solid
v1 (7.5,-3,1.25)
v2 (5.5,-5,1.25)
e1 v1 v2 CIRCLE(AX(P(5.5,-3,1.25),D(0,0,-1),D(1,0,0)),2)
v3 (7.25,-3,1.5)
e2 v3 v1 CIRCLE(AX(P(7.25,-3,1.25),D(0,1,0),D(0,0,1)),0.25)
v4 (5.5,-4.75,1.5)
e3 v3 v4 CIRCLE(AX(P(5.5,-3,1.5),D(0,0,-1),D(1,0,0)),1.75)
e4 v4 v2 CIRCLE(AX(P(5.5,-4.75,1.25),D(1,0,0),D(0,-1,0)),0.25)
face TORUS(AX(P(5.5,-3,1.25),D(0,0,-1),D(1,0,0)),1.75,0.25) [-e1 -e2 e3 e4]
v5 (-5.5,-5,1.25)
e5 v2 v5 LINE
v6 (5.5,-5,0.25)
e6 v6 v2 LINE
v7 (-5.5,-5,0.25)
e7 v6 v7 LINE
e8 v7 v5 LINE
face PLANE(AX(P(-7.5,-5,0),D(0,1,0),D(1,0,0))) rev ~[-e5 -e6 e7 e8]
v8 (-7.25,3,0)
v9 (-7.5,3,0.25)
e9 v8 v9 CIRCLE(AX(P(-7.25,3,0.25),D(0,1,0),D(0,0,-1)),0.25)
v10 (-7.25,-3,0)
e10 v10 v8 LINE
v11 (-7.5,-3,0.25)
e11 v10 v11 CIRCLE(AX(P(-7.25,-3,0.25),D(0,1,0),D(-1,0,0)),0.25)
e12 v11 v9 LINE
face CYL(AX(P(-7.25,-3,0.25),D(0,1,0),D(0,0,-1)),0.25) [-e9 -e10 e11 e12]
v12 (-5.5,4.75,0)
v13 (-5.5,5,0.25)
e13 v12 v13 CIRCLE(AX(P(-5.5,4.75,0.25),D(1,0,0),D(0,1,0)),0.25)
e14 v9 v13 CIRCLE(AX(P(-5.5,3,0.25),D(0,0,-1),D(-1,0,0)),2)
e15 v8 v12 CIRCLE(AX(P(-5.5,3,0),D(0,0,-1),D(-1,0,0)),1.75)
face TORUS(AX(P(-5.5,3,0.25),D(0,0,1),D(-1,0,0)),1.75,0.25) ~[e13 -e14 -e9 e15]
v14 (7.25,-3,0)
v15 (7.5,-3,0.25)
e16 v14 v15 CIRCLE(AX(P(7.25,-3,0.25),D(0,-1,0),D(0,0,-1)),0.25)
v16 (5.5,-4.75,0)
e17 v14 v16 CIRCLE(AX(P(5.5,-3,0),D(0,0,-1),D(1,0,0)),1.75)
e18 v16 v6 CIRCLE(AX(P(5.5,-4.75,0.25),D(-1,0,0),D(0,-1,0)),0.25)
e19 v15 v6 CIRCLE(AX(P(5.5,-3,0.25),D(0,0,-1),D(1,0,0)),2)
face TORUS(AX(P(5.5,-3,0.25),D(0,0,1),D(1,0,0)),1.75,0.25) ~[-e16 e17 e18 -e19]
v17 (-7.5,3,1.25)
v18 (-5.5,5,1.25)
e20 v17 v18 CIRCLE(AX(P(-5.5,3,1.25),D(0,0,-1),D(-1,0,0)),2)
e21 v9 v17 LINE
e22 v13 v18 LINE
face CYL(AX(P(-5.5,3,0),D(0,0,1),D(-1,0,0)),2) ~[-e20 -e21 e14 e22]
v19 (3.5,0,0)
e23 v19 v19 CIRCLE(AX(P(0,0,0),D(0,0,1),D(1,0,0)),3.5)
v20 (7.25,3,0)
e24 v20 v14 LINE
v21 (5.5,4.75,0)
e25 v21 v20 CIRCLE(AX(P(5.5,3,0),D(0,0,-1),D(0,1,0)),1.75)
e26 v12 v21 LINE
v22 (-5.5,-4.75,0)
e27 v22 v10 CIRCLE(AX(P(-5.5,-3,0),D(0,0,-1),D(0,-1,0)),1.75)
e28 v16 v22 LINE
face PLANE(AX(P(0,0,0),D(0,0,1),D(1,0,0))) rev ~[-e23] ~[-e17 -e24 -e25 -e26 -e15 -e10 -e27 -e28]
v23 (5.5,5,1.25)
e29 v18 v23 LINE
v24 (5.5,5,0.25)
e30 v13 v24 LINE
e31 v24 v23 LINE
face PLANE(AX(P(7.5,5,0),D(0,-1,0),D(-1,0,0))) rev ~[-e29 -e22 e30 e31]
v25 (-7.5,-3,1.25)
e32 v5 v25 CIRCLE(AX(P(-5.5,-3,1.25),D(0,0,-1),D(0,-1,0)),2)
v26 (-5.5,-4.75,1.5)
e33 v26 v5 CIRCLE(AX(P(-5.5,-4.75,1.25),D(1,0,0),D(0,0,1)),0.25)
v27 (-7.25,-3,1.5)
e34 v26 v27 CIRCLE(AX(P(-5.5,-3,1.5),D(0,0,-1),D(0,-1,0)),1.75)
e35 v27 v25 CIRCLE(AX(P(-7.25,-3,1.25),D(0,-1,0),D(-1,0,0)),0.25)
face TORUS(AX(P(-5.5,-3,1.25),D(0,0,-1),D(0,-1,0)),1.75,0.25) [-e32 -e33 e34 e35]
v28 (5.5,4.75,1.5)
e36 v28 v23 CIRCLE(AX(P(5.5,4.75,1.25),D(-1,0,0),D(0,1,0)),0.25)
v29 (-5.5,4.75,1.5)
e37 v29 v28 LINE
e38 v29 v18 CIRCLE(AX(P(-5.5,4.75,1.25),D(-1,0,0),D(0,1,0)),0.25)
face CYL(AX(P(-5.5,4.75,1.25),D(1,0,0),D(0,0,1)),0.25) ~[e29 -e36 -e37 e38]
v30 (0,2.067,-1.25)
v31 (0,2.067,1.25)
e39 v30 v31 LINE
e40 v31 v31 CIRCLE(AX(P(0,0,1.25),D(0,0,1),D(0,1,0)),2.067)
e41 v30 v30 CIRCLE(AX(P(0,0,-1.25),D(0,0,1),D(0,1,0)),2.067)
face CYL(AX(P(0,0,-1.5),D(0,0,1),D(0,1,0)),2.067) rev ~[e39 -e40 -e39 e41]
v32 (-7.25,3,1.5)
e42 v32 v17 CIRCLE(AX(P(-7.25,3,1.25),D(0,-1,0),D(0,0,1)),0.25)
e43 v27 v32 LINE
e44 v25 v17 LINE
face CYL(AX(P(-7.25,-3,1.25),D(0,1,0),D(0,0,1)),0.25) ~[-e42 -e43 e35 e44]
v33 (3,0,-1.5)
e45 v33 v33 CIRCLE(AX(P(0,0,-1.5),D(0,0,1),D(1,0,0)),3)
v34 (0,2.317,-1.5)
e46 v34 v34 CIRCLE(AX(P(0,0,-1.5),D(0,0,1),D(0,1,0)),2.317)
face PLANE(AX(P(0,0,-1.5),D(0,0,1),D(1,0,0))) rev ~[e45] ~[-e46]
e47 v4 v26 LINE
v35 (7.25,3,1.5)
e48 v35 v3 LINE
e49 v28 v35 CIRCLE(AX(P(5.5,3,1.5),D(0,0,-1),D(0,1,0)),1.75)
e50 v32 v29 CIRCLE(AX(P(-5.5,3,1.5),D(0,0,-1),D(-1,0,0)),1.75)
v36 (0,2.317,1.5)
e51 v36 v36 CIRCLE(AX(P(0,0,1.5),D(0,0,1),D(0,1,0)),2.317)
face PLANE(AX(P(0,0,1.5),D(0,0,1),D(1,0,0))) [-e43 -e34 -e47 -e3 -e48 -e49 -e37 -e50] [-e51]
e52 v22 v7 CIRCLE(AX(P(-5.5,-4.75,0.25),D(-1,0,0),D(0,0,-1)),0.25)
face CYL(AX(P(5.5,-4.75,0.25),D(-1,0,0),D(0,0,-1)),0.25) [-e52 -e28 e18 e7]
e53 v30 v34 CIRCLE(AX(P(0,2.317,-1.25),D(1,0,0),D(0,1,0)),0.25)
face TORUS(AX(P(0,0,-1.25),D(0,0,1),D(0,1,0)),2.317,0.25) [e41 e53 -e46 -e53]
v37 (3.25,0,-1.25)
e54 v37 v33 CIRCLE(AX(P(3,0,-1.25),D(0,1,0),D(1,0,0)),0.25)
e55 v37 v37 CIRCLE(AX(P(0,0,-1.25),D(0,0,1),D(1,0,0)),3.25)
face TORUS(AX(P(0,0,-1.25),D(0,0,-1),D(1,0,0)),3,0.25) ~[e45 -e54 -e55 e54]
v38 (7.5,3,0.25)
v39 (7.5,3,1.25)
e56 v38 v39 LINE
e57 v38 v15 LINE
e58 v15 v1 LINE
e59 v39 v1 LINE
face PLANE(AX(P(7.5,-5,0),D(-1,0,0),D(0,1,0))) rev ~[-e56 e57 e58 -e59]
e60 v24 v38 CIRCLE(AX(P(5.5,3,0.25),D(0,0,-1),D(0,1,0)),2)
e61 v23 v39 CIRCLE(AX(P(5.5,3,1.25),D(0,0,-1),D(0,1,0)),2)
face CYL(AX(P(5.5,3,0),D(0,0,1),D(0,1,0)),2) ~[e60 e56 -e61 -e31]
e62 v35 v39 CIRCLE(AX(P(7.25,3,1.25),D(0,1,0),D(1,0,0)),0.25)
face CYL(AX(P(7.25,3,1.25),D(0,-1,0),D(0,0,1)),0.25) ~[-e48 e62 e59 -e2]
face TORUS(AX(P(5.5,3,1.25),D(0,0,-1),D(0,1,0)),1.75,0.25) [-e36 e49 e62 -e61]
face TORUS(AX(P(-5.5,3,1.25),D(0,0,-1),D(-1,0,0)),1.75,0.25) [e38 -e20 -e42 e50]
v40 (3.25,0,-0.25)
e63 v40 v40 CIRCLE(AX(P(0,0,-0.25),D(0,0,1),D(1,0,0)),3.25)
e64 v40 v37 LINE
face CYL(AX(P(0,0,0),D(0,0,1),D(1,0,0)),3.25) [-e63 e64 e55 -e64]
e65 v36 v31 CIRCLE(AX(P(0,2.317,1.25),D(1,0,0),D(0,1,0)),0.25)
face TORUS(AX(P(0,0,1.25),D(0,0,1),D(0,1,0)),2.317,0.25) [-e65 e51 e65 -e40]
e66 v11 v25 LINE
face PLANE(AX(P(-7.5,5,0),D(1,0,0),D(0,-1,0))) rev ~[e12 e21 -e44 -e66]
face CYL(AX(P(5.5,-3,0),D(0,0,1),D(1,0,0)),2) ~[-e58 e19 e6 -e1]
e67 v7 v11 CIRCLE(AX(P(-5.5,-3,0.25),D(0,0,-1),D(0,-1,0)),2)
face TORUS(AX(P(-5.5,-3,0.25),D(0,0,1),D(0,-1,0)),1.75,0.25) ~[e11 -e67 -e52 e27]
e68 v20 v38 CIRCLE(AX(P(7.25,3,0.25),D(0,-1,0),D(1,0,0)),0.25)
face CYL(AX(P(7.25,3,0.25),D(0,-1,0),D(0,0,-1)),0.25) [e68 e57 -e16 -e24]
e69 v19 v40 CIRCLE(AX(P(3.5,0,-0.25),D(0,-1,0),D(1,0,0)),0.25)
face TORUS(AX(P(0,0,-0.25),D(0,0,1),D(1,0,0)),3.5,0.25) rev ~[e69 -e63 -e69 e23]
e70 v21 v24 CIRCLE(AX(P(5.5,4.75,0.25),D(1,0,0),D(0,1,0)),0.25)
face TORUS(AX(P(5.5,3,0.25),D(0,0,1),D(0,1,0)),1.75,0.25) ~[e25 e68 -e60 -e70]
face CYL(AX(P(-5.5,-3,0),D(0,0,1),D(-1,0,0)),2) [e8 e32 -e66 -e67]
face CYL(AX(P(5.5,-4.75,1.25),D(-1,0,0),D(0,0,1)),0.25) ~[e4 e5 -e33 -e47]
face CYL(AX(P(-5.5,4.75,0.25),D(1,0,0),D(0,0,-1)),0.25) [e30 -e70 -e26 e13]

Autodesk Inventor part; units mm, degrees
ref_plane "YZ Plane" through (0, 0, 0) normal (1, 0, 0) x (0, 1, 0)
ref_plane "XZ Plane" through (0, 0, 0) normal (0, 1, 0) x (-1, 0, 0)
ref_plane "XY Plane" through (0, 0, 0) normal (0, 0, 1) x (1, 0, 0)
sketch "Esquisse1" plane through (0, 0, 0) normal (0, 0, 1) x (1, 0, 0)
  line L0 (-7.5, -5) -> (7.5, -5)
  line L1 (7.5, -5) -> (7.5, 5)
  line L2 (7.5, 5) -> (-7.5, 5)
  line L3 (-7.5, 5) -> (-7.5, -5)
  line L4 (-7.5, -5) -> (7.5, 5) construction
  line L5 (7.5, -5) -> (-7.5, 5) construction
  point P0 (0, 0)
  dimension "d0" = 15
  dimension "d1" = 10
extrude "Extrusion1" add sketch "Esquisse1" along normal blind 1.5
fillet "Congé1" radius 2 4 edges at (7.5, 5, 0.75) (-7.5, 5, 0.75) (7.5, -5, 0.75) (-7.5, -5, 0.75)
sketch "Esquisse2" plane through (0, 0, 0) normal (0, 0, 1) x (1, 0, 0)
  circle A0 centre (0, 0) radius 3.25
  dimension "d5" = 6.5
extrude "Extrusion2" add sketch "Esquisse2" against normal blind 1.5
sketch "Esquisse3" plane through (0, 0, -1.5) normal (0, 0, -1) x (-1, 0, 0)
  point P0 (0, 0)
  point P1 (0, 0)
hole "Perçage1" at (0, 0, -1.5) direction (0, 0, 1) diameter 4.134 depth 14.2 tip angle 118 thread size "M5x0.8" class "6H" standard "ISO Metric profile"
fillet "Congé2" radius 0.25 20 edges at (6.9142, 4.4142, 0) (0, 5, 0) (-6.9142, 4.4142, 0) (-7.5, 0, 0) (-6.9142, -4.4142, 0) (0, -5, 0) (6.9142, -4.4142, 0) (7.5, 0, 0) (6.9142, 4.4142, 1.5) (0, 5, 1.5) (-6.9142, 4.4142, 1.5) (-7.5, 0, 1.5) (-6.9142, -4.4142, 1.5) (0, -5, 1.5) (6.9142, -4.4142, 1.5) (7.5, 0, 1.5) (-3.25, 0, 0) (-3.25, 0, -1.5) (0, -2.067, 1.5) (0, -2.067, -1.5)
properties part number "Noix M5" material "Aluminium"
